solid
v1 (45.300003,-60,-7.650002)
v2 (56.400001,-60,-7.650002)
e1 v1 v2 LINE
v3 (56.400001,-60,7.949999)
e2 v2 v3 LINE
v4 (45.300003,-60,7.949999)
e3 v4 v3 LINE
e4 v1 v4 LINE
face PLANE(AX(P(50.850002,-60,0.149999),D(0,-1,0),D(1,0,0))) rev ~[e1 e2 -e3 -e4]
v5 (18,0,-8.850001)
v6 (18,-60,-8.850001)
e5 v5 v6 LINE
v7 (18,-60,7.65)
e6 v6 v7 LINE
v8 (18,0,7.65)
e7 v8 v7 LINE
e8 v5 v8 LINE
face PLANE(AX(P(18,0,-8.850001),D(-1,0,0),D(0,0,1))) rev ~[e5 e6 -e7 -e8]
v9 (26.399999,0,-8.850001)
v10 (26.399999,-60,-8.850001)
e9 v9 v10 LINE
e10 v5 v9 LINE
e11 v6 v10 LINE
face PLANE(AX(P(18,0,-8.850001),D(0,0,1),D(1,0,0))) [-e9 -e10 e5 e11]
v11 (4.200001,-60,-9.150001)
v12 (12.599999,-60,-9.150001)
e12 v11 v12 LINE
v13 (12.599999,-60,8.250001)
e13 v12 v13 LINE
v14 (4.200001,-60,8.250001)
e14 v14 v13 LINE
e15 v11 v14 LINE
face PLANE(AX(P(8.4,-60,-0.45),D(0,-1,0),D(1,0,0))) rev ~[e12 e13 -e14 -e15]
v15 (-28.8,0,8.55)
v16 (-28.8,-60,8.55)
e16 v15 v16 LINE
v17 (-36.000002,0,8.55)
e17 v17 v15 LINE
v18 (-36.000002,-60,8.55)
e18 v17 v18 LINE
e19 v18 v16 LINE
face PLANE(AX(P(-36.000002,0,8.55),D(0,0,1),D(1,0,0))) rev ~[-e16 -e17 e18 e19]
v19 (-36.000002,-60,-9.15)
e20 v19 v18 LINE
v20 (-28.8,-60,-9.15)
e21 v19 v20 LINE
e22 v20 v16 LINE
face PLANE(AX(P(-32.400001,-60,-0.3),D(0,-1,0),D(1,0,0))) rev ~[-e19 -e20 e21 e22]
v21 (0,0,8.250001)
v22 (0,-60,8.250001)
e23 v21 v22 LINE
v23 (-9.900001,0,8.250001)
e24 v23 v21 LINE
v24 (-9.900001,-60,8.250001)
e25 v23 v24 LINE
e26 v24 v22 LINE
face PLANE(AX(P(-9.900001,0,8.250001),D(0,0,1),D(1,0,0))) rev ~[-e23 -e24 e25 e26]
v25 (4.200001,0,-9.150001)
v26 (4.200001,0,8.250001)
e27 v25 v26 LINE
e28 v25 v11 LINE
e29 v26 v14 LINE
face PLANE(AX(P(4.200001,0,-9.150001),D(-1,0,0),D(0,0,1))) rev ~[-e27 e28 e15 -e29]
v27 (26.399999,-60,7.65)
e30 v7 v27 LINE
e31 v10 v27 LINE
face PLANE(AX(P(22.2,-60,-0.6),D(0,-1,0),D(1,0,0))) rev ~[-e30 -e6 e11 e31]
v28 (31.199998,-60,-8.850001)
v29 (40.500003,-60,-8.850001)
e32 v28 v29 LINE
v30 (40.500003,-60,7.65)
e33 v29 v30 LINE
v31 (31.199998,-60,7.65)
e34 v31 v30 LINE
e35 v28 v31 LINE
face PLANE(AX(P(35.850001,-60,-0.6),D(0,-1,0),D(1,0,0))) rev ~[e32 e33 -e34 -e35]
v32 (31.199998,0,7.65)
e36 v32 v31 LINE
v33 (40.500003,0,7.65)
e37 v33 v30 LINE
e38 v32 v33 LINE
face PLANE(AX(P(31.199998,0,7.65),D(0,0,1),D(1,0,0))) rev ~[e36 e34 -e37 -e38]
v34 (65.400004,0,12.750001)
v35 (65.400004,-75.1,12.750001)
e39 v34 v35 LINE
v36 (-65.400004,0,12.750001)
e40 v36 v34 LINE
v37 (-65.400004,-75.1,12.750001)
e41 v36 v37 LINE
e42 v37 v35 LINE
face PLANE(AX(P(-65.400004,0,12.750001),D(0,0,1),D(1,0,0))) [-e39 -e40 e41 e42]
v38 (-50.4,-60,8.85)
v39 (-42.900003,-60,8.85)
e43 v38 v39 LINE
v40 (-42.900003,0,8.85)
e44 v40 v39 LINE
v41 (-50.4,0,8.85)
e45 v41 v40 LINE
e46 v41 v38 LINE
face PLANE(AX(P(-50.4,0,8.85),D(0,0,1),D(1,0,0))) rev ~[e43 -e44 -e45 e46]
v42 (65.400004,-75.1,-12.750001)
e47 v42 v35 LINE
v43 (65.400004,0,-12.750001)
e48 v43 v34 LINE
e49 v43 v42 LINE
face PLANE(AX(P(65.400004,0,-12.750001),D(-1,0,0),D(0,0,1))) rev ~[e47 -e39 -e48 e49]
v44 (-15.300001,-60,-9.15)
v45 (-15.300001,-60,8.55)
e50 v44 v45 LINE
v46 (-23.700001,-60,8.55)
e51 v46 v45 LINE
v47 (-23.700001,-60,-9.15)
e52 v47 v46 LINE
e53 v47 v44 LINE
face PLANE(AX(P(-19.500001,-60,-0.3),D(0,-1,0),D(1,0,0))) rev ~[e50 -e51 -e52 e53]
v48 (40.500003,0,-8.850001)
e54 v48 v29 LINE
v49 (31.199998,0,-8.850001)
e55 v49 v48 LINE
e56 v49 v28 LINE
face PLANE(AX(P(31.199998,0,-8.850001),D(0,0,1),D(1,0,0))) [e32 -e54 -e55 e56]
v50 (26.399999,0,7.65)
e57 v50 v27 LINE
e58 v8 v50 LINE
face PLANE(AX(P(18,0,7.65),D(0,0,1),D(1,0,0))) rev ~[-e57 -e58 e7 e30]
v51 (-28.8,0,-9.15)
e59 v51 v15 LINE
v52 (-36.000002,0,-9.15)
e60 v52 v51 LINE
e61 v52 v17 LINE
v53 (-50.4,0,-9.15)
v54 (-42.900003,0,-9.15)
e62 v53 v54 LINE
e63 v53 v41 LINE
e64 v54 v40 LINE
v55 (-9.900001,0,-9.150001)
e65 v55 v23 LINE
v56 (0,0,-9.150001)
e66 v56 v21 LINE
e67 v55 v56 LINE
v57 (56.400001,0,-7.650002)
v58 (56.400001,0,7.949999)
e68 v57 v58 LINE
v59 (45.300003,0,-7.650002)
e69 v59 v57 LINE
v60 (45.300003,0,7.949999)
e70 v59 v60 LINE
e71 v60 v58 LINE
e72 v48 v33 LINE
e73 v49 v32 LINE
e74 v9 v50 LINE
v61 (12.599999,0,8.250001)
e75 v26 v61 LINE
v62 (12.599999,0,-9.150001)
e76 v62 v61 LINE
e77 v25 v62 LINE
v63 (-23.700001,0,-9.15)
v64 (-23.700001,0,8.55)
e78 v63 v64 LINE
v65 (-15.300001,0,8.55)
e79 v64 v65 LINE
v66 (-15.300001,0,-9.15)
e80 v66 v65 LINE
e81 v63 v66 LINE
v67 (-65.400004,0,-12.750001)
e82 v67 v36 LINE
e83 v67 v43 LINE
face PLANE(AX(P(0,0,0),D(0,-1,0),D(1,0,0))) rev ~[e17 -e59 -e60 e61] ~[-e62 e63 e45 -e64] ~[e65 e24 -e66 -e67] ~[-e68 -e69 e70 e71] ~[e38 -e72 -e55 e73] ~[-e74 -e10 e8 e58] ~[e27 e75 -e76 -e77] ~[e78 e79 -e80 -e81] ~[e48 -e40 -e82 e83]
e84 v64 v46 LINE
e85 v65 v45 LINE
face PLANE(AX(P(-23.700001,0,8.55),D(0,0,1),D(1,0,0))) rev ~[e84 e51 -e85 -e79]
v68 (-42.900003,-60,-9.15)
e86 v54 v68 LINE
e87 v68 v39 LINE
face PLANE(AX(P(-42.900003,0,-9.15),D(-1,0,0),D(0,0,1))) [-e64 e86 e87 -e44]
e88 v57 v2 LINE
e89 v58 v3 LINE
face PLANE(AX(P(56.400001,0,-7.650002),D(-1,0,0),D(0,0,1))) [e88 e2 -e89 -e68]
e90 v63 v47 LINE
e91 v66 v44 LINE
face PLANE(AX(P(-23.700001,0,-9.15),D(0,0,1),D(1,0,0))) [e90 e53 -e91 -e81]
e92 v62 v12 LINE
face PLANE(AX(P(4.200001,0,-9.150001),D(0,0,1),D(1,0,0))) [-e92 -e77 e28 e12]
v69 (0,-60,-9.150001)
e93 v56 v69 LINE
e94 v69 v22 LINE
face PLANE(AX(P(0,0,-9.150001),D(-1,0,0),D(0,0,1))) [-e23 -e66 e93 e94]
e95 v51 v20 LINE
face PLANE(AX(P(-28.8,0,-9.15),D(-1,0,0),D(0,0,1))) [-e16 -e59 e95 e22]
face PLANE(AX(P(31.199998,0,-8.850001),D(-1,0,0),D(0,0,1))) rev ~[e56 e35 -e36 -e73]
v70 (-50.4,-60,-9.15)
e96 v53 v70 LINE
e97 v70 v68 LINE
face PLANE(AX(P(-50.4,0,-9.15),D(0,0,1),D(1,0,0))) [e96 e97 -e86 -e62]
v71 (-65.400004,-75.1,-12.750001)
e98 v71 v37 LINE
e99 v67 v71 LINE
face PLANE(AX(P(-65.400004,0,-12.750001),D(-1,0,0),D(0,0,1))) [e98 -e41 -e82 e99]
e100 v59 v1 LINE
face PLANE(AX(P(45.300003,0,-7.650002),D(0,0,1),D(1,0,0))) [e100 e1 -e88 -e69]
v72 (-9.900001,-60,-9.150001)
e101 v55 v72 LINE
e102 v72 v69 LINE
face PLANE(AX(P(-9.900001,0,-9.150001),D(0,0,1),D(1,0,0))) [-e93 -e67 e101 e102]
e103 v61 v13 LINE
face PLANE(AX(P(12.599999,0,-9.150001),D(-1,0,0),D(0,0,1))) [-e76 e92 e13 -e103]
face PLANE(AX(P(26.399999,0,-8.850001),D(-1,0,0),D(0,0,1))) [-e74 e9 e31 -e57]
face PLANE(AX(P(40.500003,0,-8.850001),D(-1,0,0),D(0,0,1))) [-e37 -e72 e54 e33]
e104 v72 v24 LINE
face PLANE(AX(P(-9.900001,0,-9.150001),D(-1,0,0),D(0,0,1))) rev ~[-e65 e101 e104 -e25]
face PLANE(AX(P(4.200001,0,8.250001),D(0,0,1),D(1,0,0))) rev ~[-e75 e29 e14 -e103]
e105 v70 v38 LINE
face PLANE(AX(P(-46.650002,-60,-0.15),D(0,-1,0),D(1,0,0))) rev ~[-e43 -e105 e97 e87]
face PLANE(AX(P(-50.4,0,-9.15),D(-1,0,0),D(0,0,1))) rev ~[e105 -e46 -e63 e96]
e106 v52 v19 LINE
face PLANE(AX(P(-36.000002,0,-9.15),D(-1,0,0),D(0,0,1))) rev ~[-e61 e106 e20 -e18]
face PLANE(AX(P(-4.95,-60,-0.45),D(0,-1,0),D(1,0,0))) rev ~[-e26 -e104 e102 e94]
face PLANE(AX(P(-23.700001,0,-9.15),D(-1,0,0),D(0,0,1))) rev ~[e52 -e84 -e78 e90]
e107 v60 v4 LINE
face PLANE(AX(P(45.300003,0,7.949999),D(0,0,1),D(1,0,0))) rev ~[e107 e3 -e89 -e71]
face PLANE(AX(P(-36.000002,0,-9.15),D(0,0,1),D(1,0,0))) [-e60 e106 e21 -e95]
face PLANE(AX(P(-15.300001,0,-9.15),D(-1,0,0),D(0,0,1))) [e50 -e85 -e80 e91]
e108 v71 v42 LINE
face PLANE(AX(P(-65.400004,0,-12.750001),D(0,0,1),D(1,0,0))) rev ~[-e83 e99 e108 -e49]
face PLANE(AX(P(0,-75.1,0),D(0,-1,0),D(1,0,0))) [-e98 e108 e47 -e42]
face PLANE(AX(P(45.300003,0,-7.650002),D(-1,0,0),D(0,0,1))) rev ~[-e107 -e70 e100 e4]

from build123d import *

# Parameters (mm, degrees)
F0_W     = 130.800008
F0_H     = 25.500002
F1_DEPTH = 75.1
F2_W     = 7.499997
F2_H     = 18
F2_W_2   = 7.200001
F2_H_2   = 17.7
F2_W_3   = 8.4
F2_W_4   = 9.900001
F2_H_3   = 17.400001
F2_W_5   = 8.399998
F2_W_6   = 8.399999
F2_H_4   = 16.500001
F2_W_7   = 9.300005
F2_W_8   = 11.099998
F2_H_5   = 15.600001
F3_DEPTH = 60


with BuildPart() as f1:
    # F0 (on Front) → F1 (new body)
    with BuildSketch(Plane.XZ):
        Rectangle(F0_W, F0_H)
    extrude(amount=F1_DEPTH)

    # F2 (on Front) → F3 (cut)
    with BuildSketch(Plane.XZ):
        with Locations((-46.650002, -0.15)):
            Rectangle(F2_W, F2_H)
        with Locations((-32.400001, -0.3)):
            Rectangle(F2_W_2, F2_H_2)
        with Locations((-19.500001, -0.3)):
            Rectangle(F2_W_3, F2_H_2)
        with Locations((-4.95, -0.45)):
            Rectangle(F2_W_4, F2_H_3)
        with Locations((8.4, -0.45)):
            Rectangle(F2_W_5, F2_H_3)
        with Locations((22.2, -0.6)):
            Rectangle(F2_W_6, F2_H_4)
        with Locations((35.850001, -0.6)):
            Rectangle(F2_W_7, F2_H_4)
        with Locations((50.850002, 0.149999)):
            Rectangle(F2_W_8, F2_H_5)
    extrude(amount=F3_DEPTH, mode=Mode.SUBTRACT)


solid = f1.part
